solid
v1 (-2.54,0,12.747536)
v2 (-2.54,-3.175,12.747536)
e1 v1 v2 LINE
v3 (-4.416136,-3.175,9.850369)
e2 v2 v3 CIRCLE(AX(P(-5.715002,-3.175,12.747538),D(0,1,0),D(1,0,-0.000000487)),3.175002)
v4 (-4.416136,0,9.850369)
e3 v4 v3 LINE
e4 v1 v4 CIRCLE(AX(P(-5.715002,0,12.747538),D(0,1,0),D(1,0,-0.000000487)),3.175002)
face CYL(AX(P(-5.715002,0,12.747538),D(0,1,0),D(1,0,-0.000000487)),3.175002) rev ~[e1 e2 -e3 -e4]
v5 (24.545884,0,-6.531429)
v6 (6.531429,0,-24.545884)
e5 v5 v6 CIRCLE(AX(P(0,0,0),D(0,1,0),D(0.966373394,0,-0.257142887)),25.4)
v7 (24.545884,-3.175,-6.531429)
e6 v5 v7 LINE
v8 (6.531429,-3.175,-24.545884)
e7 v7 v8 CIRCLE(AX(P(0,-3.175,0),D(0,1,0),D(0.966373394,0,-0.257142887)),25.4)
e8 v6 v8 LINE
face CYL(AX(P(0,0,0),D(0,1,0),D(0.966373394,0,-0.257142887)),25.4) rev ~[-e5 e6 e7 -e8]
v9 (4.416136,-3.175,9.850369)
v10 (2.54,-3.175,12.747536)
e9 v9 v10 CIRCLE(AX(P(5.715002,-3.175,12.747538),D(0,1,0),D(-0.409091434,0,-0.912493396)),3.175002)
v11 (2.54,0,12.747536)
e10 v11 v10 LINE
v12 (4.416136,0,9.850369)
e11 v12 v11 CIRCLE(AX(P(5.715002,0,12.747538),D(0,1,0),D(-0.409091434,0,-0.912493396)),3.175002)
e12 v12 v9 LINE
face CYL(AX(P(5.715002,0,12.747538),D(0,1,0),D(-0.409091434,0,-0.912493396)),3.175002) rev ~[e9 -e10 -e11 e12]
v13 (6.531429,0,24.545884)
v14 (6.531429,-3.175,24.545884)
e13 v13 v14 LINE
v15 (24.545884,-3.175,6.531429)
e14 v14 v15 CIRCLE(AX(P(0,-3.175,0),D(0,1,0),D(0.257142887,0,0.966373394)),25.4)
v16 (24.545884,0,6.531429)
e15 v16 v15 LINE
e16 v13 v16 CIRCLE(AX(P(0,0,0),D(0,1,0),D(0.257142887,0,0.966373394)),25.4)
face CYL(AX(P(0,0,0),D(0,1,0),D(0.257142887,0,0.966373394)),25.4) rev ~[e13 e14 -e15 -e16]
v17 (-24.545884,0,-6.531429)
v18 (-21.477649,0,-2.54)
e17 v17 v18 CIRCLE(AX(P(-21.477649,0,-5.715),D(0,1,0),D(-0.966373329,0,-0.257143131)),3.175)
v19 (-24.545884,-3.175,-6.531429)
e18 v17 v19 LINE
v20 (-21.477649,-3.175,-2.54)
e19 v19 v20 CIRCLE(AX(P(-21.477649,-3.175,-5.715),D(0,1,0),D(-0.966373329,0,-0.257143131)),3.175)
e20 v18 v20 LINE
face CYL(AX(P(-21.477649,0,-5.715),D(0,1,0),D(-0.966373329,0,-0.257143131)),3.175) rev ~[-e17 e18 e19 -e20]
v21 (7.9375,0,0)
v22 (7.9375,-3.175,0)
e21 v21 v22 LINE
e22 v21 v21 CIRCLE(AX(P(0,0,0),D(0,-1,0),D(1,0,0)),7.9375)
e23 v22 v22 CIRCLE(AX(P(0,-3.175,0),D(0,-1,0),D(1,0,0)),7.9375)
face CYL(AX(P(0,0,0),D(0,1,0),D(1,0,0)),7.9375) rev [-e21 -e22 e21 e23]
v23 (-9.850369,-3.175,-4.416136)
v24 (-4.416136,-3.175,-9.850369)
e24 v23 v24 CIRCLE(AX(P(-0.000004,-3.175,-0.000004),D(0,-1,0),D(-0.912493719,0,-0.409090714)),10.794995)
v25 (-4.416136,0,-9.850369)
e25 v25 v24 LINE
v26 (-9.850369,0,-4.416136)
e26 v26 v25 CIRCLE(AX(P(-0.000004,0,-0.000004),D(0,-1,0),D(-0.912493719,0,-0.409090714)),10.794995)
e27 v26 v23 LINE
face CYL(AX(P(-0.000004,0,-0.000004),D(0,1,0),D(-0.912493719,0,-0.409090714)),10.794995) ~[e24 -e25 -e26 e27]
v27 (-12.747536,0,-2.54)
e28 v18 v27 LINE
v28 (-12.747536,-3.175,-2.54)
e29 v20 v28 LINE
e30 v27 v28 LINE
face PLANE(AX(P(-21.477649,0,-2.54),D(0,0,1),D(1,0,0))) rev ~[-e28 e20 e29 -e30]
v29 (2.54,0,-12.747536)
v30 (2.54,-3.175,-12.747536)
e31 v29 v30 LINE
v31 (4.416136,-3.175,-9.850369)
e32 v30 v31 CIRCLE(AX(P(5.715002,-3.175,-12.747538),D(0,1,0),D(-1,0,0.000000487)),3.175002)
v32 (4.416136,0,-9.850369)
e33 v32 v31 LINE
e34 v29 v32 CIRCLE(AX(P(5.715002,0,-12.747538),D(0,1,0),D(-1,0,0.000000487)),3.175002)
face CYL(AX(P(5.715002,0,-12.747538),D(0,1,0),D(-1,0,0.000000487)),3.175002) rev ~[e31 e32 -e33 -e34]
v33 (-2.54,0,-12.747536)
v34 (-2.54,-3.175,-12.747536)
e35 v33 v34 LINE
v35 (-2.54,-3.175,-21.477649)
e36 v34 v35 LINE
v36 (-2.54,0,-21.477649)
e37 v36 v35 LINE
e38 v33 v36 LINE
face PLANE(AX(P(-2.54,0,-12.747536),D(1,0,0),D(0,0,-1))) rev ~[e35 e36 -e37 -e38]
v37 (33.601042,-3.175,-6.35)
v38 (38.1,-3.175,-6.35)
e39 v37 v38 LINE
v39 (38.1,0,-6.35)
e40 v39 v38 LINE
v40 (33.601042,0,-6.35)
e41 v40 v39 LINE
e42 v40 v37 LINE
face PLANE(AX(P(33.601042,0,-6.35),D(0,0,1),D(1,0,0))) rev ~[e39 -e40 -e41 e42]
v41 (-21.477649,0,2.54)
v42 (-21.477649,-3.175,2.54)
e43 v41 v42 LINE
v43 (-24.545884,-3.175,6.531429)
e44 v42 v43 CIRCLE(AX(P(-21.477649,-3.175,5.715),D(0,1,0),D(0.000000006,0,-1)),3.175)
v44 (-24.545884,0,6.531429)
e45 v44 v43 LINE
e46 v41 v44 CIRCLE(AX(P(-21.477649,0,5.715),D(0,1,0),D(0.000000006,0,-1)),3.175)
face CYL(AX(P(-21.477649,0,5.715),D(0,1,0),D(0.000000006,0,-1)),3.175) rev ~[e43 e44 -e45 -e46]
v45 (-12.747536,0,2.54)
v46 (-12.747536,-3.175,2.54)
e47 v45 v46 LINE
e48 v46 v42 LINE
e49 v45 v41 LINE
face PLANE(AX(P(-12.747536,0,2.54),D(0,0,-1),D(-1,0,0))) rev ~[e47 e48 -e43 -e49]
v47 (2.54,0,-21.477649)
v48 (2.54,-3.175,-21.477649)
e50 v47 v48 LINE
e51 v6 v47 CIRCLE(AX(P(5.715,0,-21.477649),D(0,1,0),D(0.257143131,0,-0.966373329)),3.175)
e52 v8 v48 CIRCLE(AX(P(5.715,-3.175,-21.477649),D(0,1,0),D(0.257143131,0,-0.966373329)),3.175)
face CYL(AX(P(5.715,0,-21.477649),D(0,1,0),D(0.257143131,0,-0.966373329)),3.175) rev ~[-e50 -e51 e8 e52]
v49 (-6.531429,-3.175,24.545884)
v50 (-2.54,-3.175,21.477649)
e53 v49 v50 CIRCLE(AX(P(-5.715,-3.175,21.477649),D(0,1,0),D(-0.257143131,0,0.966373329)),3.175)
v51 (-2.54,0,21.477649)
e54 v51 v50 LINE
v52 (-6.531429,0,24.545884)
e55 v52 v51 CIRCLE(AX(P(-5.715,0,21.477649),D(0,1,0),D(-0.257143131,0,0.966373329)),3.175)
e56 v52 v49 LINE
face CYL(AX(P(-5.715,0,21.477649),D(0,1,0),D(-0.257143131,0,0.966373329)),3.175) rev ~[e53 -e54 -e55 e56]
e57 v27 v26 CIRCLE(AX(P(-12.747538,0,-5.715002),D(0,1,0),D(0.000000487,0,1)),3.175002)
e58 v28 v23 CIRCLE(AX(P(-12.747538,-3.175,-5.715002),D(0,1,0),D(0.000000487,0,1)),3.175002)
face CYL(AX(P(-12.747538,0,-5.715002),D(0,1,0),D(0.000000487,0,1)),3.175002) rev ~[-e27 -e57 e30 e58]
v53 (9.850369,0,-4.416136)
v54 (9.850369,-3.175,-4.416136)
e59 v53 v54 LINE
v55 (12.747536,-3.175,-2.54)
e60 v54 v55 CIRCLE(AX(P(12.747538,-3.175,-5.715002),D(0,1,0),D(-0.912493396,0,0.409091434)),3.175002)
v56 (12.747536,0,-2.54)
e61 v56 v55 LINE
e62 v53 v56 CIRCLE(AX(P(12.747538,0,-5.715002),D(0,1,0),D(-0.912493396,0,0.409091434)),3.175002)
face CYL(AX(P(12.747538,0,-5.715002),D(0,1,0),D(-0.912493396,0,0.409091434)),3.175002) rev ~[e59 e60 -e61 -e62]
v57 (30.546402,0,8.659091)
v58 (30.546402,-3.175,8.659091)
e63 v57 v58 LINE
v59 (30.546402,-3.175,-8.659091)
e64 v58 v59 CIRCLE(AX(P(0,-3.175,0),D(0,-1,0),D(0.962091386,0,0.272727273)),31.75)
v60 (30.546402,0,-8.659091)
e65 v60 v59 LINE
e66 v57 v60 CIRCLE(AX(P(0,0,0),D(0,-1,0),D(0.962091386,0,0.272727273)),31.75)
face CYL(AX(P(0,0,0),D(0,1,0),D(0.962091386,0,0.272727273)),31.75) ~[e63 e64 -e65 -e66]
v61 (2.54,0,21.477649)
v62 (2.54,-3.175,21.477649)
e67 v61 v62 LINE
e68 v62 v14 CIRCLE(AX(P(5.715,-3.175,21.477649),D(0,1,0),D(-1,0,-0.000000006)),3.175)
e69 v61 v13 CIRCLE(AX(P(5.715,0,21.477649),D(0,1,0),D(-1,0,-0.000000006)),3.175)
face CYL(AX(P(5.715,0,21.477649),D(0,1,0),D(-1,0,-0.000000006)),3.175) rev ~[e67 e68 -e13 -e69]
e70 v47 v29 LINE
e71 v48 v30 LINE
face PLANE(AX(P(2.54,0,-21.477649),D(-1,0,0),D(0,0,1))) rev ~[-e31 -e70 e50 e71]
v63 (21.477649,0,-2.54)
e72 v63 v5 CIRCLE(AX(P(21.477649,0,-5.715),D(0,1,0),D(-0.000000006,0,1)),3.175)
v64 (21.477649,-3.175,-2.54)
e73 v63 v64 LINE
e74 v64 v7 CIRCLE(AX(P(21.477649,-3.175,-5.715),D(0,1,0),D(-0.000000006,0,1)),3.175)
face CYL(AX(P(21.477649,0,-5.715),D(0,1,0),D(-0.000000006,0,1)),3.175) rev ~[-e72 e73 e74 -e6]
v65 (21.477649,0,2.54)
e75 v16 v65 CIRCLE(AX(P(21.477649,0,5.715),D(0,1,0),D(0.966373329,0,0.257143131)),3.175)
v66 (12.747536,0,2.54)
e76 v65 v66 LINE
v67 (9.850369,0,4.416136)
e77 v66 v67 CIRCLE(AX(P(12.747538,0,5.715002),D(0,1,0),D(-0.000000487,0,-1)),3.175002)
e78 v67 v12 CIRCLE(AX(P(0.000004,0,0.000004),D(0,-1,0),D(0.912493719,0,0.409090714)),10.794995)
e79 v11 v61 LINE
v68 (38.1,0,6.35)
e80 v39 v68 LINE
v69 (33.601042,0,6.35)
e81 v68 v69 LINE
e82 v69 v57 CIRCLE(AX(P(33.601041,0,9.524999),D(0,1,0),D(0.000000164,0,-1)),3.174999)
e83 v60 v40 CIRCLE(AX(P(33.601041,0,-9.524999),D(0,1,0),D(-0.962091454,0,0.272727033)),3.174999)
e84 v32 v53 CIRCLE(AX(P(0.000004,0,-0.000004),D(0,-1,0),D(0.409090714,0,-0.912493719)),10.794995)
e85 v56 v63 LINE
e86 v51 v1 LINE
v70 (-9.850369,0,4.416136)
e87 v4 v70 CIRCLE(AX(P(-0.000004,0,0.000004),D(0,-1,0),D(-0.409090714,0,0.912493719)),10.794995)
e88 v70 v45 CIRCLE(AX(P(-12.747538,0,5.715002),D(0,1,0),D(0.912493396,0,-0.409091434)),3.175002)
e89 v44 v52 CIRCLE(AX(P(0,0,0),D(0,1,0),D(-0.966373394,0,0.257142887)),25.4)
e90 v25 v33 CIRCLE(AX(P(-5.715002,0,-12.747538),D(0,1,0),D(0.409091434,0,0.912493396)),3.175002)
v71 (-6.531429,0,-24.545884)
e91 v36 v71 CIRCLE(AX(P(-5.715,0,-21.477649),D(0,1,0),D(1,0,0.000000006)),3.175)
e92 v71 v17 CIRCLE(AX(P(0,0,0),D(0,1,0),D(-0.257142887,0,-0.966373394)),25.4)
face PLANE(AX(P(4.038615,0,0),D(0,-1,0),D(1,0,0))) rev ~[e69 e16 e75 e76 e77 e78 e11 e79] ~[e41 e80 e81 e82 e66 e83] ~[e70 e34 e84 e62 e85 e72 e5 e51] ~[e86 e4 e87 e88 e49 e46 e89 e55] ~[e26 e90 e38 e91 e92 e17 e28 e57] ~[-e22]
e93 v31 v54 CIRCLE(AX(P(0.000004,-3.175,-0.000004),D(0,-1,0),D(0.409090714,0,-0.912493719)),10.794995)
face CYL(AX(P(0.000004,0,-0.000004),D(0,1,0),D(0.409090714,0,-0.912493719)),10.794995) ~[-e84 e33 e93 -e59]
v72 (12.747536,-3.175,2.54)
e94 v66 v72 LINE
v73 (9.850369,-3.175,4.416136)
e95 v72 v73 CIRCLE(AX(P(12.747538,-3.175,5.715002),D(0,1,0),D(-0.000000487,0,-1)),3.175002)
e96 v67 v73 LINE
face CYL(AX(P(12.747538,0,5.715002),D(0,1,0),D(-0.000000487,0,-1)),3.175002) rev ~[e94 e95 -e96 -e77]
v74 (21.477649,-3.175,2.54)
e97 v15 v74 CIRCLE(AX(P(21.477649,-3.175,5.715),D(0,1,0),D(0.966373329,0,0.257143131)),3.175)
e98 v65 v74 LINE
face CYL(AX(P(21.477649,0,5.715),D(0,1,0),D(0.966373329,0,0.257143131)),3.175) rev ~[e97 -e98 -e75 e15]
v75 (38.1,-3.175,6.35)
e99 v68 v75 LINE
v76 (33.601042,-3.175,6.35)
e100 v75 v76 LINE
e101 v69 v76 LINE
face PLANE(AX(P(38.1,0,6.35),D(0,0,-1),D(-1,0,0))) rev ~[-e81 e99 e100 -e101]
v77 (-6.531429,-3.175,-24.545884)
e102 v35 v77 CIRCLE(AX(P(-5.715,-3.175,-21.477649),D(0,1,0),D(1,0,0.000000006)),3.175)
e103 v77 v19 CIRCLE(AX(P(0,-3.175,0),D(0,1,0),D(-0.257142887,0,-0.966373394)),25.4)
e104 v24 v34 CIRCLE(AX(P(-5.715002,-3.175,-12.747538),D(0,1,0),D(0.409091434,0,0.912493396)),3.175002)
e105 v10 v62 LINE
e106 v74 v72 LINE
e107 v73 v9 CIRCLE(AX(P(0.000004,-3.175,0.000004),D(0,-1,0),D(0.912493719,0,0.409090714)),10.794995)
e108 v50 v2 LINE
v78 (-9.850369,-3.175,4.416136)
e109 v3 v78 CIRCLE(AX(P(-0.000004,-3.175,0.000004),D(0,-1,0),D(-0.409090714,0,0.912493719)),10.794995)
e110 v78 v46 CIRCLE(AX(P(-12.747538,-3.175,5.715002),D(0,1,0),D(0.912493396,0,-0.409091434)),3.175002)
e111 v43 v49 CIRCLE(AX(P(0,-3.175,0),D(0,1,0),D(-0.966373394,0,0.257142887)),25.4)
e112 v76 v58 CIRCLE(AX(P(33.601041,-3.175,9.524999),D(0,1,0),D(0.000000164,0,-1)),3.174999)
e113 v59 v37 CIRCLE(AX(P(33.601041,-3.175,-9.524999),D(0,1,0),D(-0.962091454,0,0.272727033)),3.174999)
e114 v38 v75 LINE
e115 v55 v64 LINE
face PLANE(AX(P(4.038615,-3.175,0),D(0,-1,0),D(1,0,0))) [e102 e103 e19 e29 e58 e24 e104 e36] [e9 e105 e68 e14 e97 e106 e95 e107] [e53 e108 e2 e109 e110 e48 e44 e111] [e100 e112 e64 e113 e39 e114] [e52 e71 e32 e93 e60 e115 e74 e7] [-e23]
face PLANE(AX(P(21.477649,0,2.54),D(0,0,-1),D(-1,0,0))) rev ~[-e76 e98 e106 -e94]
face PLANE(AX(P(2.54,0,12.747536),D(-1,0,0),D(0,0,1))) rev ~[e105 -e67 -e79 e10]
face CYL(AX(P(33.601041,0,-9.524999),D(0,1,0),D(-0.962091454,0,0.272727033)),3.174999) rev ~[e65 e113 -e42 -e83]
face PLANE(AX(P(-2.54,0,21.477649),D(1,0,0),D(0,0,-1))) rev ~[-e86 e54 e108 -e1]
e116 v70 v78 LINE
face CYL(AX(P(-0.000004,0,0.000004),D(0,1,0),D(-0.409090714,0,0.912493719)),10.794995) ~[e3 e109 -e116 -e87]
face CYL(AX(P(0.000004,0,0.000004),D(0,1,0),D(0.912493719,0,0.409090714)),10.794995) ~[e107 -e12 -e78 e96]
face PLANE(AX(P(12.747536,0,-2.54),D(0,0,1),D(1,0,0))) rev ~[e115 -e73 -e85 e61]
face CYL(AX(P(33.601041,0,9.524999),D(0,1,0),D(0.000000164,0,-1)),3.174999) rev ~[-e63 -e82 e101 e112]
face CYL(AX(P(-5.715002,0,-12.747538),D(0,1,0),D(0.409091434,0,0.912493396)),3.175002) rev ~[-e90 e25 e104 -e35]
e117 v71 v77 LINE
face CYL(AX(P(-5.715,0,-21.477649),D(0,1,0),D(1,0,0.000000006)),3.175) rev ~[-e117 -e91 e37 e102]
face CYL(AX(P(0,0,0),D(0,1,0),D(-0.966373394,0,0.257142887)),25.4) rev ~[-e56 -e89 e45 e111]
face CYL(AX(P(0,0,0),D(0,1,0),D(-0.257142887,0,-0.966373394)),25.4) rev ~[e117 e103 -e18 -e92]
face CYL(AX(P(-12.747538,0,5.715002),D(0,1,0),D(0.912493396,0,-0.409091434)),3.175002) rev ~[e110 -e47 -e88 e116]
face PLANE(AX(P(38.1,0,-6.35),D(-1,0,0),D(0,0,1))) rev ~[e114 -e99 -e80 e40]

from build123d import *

# Parameters (mm, degrees)
F0_R     = 7.9375
F1_DEPTH = 3.175


with BuildPart() as f1:
    # F0 (on Front) → F1 (new body)
    with BuildSketch(Plane.XZ):
        with BuildLine():
            ThreePointArc((33.601042, 6.35), (31.686445, 6.992226), (30.546402, 8.659091))
            ThreePointArc((30.546402, 8.659091), (-31.75, 0), (30.546402, -8.659091))
            ThreePointArc((30.546402, -8.659091), (31.686445, -6.992226), (33.601042, -6.35))
            Line((33.601042, -6.35), (38.1, -6.35))
            Line((38.1, -6.35), (38.1, 6.35))
            Line((38.1, 6.35), (33.601042, 6.35))
        make_face()
        with BuildLine():
            Line((-21.477649, -2.54), (-12.747536, -2.54))
            ThreePointArc((-12.747536, -2.54), (-11.021742, -3.049994), (-9.850369, -4.416136))
            ThreePointArc((-9.850369, -4.416136), (-7.633218, -7.633218), (-4.416136, -9.850369))
            ThreePointArc((-4.416136, -9.850369), (-3.049994, -11.021742), (-2.54, -12.747536))
            Line((-2.54, -12.747536), (-2.54, -21.477649))
            ThreePointArc((-2.54, -21.477649), (-3.779998, -23.994868), (-6.531429, -24.545884))
            ThreePointArc((-6.531429, -24.545884), (-17.960512, -17.960512), (-24.545884, -6.531429))
            ThreePointArc((-24.545884, -6.531429), (-23.994868, -3.779998), (-21.477649, -2.54))
        make_face(mode=Mode.SUBTRACT)
        with BuildLine():
            ThreePointArc((9.850369, -4.416136), (11.021742, -3.049994), (12.747536, -2.54))
            Line((12.747536, -2.54), (21.477649, -2.54))
            ThreePointArc((21.477649, -2.54), (23.994868, -3.779998), (24.545884, -6.531429))
            ThreePointArc((24.545884, -6.531429), (17.960512, -17.960512), (6.531429, -24.545884))
            ThreePointArc((6.531429, -24.545884), (3.779998, -23.994868), (2.54, -21.477649))
            Line((2.54, -21.477649), (2.54, -12.747536))
            ThreePointArc((2.54, -12.747536), (3.049994, -11.021742), (4.416136, -9.850369))
            ThreePointArc((4.416136, -9.850369), (7.633218, -7.633218), (9.850369, -4.416136))
        make_face(mode=Mode.SUBTRACT)
        Circle(F0_R, mode=Mode.SUBTRACT)
        with BuildLine():
            ThreePointArc((-9.850369, 4.416136), (-11.021742, 3.049994), (-12.747536, 2.54))
            Line((-12.747536, 2.54), (-21.477649, 2.54))
            ThreePointArc((-21.477649, 2.54), (-23.994868, 3.779998), (-24.545884, 6.531429))
            ThreePointArc((-24.545884, 6.531429), (-17.960512, 17.960512), (-6.531429, 24.545884))
            ThreePointArc((-6.531429, 24.545884), (-3.779998, 23.994868), (-2.54, 21.477649))
            Line((-2.54, 21.477649), (-2.54, 12.747536))
            ThreePointArc((-2.54, 12.747536), (-3.049994, 11.021742), (-4.416136, 9.850369))
            ThreePointArc((-4.416136, 9.850369), (-7.633218, 7.633218), (-9.850369, 4.416136))
        make_face(mode=Mode.SUBTRACT)
        with BuildLine():
            ThreePointArc((4.416136, 9.850369), (3.049994, 11.021742), (2.54, 12.747536))
            Line((2.54, 12.747536), (2.54, 21.477649))
            ThreePointArc((2.54, 21.477649), (3.779998, 23.994868), (6.531429, 24.545884))
            ThreePointArc((6.531429, 24.545884), (17.960512, 17.960512), (24.545884, 6.531429))
            ThreePointArc((24.545884, 6.531429), (23.994868, 3.779998), (21.477649, 2.54))
            Line((21.477649, 2.54), (12.747536, 2.54))
            ThreePointArc((12.747536, 2.54), (11.021742, 3.049994), (9.850369, 4.416136))
            ThreePointArc((9.850369, 4.416136), (7.633218, 7.633218), (4.416136, 9.850369))
        make_face(mode=Mode.SUBTRACT)
    extrude(amount=F1_DEPTH)


solid = f1.part
